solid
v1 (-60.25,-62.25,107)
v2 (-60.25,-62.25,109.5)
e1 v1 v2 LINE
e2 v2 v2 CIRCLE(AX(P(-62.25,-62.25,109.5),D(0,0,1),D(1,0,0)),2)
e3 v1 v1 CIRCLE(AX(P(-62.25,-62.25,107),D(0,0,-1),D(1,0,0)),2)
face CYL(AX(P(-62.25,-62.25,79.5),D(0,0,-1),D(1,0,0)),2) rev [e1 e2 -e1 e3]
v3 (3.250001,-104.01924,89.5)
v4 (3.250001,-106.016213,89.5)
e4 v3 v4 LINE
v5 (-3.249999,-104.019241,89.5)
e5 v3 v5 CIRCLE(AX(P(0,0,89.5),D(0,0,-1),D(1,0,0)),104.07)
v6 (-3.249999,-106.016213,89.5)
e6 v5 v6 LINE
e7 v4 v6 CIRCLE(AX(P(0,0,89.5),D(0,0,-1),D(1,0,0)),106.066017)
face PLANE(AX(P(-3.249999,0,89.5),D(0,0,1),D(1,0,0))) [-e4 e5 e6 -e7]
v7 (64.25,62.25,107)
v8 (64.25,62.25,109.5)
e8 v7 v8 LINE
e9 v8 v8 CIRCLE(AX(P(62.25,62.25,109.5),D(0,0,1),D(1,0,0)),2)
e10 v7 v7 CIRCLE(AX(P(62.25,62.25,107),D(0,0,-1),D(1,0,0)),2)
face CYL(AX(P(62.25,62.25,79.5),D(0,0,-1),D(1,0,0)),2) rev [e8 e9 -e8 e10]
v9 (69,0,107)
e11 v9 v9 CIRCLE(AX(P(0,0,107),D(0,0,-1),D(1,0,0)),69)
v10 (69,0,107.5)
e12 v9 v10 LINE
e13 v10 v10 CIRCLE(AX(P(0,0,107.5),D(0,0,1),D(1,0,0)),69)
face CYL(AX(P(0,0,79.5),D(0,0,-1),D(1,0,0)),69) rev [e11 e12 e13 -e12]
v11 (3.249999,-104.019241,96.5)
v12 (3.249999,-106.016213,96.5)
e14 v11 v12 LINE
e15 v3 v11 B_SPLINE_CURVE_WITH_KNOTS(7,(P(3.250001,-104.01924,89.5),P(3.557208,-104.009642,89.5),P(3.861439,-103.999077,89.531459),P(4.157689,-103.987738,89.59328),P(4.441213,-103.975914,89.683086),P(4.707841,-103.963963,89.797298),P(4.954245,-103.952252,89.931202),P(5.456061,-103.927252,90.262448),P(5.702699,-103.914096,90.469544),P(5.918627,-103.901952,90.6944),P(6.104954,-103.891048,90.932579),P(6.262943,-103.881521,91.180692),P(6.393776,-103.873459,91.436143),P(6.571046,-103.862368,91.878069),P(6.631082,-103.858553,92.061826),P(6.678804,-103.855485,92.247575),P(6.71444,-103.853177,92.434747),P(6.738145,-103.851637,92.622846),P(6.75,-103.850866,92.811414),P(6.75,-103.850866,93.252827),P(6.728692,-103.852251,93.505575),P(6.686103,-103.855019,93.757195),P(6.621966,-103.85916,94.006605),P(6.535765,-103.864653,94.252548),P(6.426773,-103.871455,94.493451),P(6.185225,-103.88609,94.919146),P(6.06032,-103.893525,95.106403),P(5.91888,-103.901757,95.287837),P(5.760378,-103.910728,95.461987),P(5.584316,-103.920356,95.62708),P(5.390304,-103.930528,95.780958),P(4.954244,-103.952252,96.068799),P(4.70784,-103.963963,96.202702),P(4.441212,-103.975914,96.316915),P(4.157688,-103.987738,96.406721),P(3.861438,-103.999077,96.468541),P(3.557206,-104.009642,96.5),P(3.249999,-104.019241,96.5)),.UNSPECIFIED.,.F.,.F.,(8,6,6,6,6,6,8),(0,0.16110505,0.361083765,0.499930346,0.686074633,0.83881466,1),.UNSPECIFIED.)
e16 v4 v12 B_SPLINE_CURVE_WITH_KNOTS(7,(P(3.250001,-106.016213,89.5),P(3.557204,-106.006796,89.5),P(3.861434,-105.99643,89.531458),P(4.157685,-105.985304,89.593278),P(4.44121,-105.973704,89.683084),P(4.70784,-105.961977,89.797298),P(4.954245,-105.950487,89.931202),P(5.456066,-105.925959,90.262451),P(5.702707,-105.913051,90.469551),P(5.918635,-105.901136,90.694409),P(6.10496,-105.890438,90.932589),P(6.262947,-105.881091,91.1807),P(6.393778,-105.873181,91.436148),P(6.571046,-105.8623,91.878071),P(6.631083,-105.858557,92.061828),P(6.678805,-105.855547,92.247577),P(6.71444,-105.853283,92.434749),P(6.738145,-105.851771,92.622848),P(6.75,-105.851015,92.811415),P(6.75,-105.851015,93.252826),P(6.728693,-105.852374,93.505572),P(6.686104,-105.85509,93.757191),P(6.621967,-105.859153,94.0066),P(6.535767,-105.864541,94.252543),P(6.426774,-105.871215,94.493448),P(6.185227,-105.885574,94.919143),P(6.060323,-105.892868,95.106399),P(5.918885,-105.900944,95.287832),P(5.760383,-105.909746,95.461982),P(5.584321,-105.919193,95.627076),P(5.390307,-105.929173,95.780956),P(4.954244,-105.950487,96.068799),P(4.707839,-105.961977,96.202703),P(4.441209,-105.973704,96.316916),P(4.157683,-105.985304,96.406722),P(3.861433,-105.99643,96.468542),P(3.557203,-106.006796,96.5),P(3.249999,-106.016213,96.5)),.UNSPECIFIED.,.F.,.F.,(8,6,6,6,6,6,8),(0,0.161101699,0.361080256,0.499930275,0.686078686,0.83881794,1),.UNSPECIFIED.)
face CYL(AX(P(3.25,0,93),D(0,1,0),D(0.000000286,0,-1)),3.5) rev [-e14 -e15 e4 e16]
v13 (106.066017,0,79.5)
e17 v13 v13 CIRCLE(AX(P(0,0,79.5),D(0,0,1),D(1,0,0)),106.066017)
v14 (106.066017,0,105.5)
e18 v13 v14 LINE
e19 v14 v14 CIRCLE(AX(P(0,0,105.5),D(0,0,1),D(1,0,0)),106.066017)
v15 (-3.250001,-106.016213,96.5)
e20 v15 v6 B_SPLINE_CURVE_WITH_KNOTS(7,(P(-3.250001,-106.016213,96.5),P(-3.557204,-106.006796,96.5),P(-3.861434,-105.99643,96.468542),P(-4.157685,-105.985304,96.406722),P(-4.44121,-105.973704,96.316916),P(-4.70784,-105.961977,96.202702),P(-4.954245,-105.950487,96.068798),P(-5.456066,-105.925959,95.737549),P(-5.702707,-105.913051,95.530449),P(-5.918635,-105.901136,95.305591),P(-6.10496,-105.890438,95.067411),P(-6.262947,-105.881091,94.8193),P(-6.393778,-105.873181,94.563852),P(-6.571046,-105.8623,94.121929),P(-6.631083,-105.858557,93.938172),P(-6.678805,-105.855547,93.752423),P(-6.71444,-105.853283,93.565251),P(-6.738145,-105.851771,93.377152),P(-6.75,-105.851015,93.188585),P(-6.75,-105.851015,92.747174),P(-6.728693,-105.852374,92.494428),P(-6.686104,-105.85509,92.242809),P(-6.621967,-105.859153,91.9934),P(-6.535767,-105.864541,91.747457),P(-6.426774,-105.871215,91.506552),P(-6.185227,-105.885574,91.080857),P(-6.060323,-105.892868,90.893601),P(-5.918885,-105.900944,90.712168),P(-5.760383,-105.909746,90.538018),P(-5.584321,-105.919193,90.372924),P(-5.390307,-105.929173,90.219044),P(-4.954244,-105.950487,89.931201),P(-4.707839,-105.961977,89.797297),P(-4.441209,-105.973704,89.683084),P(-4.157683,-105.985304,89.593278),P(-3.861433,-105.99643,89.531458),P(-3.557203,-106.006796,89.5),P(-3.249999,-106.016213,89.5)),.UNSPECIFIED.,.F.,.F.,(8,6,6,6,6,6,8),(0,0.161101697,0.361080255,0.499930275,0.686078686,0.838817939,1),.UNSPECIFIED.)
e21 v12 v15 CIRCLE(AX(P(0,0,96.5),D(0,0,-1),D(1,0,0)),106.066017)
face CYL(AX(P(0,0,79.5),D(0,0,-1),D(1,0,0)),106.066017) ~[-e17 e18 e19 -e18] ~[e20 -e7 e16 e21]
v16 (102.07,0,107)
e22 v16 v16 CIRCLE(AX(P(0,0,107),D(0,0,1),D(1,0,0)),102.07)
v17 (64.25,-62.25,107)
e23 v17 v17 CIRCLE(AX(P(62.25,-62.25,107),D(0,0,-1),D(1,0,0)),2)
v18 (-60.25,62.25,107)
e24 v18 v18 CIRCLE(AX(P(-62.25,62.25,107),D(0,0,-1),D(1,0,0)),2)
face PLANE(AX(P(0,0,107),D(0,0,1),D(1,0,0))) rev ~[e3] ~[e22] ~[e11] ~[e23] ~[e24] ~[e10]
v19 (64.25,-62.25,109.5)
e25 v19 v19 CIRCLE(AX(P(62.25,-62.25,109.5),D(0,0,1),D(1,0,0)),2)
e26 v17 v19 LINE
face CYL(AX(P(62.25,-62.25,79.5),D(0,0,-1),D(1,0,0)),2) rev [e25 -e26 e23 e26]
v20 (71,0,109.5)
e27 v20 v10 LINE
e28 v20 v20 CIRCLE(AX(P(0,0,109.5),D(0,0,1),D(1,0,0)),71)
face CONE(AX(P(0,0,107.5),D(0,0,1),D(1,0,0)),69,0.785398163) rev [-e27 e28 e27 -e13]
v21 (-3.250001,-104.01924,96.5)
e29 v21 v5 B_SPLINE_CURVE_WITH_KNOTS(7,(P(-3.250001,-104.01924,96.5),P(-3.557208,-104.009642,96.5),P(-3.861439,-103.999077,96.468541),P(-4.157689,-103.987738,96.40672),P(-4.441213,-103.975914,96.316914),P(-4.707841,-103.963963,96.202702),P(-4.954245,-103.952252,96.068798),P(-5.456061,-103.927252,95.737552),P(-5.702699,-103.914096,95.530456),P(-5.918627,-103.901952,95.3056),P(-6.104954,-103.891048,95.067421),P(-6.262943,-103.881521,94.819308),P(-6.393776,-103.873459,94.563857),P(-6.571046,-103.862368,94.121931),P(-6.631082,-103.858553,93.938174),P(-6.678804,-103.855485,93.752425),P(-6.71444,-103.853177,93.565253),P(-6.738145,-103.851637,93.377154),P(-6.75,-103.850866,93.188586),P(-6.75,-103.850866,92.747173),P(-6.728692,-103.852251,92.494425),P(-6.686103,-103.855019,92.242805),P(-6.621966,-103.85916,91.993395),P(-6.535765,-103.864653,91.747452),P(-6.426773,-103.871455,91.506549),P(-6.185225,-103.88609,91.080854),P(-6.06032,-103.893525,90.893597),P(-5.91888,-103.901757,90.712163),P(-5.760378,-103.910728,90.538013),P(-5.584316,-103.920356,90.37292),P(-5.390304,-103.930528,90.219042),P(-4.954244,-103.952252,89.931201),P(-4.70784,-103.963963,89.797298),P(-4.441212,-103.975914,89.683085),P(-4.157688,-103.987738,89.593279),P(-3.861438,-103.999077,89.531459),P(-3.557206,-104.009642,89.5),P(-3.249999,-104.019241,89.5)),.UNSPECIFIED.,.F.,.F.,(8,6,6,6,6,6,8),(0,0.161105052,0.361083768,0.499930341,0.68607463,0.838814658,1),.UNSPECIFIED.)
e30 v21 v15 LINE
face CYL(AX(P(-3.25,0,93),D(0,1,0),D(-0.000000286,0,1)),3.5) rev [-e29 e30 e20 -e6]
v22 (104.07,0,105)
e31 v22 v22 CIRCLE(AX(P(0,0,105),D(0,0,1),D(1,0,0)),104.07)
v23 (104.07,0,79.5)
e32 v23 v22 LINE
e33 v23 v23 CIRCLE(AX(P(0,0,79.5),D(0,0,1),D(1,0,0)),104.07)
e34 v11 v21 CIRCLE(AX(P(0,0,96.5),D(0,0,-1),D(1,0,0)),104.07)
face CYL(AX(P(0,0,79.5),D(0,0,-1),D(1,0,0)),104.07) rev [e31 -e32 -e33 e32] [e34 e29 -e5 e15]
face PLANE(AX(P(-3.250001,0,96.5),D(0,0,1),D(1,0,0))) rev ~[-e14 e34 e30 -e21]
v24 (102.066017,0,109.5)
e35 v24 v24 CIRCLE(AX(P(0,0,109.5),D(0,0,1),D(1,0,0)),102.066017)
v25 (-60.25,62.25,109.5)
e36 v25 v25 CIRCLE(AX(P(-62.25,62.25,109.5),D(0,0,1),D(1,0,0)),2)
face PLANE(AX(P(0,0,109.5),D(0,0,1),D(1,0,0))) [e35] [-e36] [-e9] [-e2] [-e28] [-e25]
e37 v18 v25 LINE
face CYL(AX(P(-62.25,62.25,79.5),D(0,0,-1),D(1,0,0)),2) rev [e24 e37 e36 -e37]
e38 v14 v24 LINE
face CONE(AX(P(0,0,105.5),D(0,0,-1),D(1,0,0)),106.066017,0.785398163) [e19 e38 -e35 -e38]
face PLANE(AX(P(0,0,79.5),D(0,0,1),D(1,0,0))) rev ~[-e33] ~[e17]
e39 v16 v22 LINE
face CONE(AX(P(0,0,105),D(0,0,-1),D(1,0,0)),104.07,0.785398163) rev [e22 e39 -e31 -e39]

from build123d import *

# Parameters (mm, degrees)
SKETCH_R        = 106.066017
SKETCH_R_2      = 2
SKETCH_R_3      = 69
PAD_DEPTH       = 30
SKETCH023_R     = 104.07
POCKET_DEPTH    = 27.5
CHAMFER_SIZE    = 4
CHAMFER011_SIZE = 2
CHAMFER014_SIZE = 2
POCKET005_DEPTH = 109


with BuildPart() as part:
    # Sketch → Pad (new body)
    with BuildSketch(Plane.XY):
        Circle(SKETCH_R)
        with Locations((-62.25, 62.25)):
            Circle(SKETCH_R_2, mode=Mode.SUBTRACT)
        with Locations((62.25, 62.25)):
            Circle(SKETCH_R_2, mode=Mode.SUBTRACT)
        with Locations((62.25, -62.25)):
            Circle(SKETCH_R_2, mode=Mode.SUBTRACT)
        with Locations((-62.25, -62.25)):
            Circle(SKETCH_R_2, mode=Mode.SUBTRACT)
        Circle(SKETCH_R_3, mode=Mode.SUBTRACT)
    extrude(amount=PAD_DEPTH)

    # Sketch023 → Pocket (cut)
    with BuildSketch(Plane.XY):
        Circle(SKETCH023_R)
    extrude(amount=POCKET_DEPTH, mode=Mode.SUBTRACT)

    # Chamfer
    chamfer_edges = [part.edges().sort_by_distance(p)[0] for p in [
        (-106.066017, 0, 30),
    ]]
    chamfer(chamfer_edges, length=CHAMFER_SIZE)

    # Chamfer011
    chamfer011_edges = [part.edges().sort_by_distance(p)[0] for p in [
        (-69, 0, 30),
    ]]
    chamfer(chamfer011_edges, length=CHAMFER011_SIZE)

    # Chamfer014
    chamfer014_edges = [part.edges().sort_by_distance(p)[0] for p in [
        (-104.07, 0, 27.5),
    ]]
    chamfer(chamfer014_edges, length=CHAMFER014_SIZE)

    # Sketch027 → Pocket005 (cut)
    with BuildSketch(Plane.XZ):
        with BuildLine():
            ThreePointArc((-3.250001, 17), (-6.75, 13.499999), (-3.249999, 10))
            Line((-3.249999, 10), (3.250001, 10))
            ThreePointArc((3.250001, 10), (6.75, 13.500001), (3.249999, 17))
            Line((-3.250001, 17), (3.249999, 17))
        make_face()
    extrude(amount=POCKET005_DEPTH, mode=Mode.SUBTRACT)


with BuildPart() as part_1:
    # Body placement: moved
    add(part.part.moved(Location((0, 0, 79.5))))


solid = part_1.part
